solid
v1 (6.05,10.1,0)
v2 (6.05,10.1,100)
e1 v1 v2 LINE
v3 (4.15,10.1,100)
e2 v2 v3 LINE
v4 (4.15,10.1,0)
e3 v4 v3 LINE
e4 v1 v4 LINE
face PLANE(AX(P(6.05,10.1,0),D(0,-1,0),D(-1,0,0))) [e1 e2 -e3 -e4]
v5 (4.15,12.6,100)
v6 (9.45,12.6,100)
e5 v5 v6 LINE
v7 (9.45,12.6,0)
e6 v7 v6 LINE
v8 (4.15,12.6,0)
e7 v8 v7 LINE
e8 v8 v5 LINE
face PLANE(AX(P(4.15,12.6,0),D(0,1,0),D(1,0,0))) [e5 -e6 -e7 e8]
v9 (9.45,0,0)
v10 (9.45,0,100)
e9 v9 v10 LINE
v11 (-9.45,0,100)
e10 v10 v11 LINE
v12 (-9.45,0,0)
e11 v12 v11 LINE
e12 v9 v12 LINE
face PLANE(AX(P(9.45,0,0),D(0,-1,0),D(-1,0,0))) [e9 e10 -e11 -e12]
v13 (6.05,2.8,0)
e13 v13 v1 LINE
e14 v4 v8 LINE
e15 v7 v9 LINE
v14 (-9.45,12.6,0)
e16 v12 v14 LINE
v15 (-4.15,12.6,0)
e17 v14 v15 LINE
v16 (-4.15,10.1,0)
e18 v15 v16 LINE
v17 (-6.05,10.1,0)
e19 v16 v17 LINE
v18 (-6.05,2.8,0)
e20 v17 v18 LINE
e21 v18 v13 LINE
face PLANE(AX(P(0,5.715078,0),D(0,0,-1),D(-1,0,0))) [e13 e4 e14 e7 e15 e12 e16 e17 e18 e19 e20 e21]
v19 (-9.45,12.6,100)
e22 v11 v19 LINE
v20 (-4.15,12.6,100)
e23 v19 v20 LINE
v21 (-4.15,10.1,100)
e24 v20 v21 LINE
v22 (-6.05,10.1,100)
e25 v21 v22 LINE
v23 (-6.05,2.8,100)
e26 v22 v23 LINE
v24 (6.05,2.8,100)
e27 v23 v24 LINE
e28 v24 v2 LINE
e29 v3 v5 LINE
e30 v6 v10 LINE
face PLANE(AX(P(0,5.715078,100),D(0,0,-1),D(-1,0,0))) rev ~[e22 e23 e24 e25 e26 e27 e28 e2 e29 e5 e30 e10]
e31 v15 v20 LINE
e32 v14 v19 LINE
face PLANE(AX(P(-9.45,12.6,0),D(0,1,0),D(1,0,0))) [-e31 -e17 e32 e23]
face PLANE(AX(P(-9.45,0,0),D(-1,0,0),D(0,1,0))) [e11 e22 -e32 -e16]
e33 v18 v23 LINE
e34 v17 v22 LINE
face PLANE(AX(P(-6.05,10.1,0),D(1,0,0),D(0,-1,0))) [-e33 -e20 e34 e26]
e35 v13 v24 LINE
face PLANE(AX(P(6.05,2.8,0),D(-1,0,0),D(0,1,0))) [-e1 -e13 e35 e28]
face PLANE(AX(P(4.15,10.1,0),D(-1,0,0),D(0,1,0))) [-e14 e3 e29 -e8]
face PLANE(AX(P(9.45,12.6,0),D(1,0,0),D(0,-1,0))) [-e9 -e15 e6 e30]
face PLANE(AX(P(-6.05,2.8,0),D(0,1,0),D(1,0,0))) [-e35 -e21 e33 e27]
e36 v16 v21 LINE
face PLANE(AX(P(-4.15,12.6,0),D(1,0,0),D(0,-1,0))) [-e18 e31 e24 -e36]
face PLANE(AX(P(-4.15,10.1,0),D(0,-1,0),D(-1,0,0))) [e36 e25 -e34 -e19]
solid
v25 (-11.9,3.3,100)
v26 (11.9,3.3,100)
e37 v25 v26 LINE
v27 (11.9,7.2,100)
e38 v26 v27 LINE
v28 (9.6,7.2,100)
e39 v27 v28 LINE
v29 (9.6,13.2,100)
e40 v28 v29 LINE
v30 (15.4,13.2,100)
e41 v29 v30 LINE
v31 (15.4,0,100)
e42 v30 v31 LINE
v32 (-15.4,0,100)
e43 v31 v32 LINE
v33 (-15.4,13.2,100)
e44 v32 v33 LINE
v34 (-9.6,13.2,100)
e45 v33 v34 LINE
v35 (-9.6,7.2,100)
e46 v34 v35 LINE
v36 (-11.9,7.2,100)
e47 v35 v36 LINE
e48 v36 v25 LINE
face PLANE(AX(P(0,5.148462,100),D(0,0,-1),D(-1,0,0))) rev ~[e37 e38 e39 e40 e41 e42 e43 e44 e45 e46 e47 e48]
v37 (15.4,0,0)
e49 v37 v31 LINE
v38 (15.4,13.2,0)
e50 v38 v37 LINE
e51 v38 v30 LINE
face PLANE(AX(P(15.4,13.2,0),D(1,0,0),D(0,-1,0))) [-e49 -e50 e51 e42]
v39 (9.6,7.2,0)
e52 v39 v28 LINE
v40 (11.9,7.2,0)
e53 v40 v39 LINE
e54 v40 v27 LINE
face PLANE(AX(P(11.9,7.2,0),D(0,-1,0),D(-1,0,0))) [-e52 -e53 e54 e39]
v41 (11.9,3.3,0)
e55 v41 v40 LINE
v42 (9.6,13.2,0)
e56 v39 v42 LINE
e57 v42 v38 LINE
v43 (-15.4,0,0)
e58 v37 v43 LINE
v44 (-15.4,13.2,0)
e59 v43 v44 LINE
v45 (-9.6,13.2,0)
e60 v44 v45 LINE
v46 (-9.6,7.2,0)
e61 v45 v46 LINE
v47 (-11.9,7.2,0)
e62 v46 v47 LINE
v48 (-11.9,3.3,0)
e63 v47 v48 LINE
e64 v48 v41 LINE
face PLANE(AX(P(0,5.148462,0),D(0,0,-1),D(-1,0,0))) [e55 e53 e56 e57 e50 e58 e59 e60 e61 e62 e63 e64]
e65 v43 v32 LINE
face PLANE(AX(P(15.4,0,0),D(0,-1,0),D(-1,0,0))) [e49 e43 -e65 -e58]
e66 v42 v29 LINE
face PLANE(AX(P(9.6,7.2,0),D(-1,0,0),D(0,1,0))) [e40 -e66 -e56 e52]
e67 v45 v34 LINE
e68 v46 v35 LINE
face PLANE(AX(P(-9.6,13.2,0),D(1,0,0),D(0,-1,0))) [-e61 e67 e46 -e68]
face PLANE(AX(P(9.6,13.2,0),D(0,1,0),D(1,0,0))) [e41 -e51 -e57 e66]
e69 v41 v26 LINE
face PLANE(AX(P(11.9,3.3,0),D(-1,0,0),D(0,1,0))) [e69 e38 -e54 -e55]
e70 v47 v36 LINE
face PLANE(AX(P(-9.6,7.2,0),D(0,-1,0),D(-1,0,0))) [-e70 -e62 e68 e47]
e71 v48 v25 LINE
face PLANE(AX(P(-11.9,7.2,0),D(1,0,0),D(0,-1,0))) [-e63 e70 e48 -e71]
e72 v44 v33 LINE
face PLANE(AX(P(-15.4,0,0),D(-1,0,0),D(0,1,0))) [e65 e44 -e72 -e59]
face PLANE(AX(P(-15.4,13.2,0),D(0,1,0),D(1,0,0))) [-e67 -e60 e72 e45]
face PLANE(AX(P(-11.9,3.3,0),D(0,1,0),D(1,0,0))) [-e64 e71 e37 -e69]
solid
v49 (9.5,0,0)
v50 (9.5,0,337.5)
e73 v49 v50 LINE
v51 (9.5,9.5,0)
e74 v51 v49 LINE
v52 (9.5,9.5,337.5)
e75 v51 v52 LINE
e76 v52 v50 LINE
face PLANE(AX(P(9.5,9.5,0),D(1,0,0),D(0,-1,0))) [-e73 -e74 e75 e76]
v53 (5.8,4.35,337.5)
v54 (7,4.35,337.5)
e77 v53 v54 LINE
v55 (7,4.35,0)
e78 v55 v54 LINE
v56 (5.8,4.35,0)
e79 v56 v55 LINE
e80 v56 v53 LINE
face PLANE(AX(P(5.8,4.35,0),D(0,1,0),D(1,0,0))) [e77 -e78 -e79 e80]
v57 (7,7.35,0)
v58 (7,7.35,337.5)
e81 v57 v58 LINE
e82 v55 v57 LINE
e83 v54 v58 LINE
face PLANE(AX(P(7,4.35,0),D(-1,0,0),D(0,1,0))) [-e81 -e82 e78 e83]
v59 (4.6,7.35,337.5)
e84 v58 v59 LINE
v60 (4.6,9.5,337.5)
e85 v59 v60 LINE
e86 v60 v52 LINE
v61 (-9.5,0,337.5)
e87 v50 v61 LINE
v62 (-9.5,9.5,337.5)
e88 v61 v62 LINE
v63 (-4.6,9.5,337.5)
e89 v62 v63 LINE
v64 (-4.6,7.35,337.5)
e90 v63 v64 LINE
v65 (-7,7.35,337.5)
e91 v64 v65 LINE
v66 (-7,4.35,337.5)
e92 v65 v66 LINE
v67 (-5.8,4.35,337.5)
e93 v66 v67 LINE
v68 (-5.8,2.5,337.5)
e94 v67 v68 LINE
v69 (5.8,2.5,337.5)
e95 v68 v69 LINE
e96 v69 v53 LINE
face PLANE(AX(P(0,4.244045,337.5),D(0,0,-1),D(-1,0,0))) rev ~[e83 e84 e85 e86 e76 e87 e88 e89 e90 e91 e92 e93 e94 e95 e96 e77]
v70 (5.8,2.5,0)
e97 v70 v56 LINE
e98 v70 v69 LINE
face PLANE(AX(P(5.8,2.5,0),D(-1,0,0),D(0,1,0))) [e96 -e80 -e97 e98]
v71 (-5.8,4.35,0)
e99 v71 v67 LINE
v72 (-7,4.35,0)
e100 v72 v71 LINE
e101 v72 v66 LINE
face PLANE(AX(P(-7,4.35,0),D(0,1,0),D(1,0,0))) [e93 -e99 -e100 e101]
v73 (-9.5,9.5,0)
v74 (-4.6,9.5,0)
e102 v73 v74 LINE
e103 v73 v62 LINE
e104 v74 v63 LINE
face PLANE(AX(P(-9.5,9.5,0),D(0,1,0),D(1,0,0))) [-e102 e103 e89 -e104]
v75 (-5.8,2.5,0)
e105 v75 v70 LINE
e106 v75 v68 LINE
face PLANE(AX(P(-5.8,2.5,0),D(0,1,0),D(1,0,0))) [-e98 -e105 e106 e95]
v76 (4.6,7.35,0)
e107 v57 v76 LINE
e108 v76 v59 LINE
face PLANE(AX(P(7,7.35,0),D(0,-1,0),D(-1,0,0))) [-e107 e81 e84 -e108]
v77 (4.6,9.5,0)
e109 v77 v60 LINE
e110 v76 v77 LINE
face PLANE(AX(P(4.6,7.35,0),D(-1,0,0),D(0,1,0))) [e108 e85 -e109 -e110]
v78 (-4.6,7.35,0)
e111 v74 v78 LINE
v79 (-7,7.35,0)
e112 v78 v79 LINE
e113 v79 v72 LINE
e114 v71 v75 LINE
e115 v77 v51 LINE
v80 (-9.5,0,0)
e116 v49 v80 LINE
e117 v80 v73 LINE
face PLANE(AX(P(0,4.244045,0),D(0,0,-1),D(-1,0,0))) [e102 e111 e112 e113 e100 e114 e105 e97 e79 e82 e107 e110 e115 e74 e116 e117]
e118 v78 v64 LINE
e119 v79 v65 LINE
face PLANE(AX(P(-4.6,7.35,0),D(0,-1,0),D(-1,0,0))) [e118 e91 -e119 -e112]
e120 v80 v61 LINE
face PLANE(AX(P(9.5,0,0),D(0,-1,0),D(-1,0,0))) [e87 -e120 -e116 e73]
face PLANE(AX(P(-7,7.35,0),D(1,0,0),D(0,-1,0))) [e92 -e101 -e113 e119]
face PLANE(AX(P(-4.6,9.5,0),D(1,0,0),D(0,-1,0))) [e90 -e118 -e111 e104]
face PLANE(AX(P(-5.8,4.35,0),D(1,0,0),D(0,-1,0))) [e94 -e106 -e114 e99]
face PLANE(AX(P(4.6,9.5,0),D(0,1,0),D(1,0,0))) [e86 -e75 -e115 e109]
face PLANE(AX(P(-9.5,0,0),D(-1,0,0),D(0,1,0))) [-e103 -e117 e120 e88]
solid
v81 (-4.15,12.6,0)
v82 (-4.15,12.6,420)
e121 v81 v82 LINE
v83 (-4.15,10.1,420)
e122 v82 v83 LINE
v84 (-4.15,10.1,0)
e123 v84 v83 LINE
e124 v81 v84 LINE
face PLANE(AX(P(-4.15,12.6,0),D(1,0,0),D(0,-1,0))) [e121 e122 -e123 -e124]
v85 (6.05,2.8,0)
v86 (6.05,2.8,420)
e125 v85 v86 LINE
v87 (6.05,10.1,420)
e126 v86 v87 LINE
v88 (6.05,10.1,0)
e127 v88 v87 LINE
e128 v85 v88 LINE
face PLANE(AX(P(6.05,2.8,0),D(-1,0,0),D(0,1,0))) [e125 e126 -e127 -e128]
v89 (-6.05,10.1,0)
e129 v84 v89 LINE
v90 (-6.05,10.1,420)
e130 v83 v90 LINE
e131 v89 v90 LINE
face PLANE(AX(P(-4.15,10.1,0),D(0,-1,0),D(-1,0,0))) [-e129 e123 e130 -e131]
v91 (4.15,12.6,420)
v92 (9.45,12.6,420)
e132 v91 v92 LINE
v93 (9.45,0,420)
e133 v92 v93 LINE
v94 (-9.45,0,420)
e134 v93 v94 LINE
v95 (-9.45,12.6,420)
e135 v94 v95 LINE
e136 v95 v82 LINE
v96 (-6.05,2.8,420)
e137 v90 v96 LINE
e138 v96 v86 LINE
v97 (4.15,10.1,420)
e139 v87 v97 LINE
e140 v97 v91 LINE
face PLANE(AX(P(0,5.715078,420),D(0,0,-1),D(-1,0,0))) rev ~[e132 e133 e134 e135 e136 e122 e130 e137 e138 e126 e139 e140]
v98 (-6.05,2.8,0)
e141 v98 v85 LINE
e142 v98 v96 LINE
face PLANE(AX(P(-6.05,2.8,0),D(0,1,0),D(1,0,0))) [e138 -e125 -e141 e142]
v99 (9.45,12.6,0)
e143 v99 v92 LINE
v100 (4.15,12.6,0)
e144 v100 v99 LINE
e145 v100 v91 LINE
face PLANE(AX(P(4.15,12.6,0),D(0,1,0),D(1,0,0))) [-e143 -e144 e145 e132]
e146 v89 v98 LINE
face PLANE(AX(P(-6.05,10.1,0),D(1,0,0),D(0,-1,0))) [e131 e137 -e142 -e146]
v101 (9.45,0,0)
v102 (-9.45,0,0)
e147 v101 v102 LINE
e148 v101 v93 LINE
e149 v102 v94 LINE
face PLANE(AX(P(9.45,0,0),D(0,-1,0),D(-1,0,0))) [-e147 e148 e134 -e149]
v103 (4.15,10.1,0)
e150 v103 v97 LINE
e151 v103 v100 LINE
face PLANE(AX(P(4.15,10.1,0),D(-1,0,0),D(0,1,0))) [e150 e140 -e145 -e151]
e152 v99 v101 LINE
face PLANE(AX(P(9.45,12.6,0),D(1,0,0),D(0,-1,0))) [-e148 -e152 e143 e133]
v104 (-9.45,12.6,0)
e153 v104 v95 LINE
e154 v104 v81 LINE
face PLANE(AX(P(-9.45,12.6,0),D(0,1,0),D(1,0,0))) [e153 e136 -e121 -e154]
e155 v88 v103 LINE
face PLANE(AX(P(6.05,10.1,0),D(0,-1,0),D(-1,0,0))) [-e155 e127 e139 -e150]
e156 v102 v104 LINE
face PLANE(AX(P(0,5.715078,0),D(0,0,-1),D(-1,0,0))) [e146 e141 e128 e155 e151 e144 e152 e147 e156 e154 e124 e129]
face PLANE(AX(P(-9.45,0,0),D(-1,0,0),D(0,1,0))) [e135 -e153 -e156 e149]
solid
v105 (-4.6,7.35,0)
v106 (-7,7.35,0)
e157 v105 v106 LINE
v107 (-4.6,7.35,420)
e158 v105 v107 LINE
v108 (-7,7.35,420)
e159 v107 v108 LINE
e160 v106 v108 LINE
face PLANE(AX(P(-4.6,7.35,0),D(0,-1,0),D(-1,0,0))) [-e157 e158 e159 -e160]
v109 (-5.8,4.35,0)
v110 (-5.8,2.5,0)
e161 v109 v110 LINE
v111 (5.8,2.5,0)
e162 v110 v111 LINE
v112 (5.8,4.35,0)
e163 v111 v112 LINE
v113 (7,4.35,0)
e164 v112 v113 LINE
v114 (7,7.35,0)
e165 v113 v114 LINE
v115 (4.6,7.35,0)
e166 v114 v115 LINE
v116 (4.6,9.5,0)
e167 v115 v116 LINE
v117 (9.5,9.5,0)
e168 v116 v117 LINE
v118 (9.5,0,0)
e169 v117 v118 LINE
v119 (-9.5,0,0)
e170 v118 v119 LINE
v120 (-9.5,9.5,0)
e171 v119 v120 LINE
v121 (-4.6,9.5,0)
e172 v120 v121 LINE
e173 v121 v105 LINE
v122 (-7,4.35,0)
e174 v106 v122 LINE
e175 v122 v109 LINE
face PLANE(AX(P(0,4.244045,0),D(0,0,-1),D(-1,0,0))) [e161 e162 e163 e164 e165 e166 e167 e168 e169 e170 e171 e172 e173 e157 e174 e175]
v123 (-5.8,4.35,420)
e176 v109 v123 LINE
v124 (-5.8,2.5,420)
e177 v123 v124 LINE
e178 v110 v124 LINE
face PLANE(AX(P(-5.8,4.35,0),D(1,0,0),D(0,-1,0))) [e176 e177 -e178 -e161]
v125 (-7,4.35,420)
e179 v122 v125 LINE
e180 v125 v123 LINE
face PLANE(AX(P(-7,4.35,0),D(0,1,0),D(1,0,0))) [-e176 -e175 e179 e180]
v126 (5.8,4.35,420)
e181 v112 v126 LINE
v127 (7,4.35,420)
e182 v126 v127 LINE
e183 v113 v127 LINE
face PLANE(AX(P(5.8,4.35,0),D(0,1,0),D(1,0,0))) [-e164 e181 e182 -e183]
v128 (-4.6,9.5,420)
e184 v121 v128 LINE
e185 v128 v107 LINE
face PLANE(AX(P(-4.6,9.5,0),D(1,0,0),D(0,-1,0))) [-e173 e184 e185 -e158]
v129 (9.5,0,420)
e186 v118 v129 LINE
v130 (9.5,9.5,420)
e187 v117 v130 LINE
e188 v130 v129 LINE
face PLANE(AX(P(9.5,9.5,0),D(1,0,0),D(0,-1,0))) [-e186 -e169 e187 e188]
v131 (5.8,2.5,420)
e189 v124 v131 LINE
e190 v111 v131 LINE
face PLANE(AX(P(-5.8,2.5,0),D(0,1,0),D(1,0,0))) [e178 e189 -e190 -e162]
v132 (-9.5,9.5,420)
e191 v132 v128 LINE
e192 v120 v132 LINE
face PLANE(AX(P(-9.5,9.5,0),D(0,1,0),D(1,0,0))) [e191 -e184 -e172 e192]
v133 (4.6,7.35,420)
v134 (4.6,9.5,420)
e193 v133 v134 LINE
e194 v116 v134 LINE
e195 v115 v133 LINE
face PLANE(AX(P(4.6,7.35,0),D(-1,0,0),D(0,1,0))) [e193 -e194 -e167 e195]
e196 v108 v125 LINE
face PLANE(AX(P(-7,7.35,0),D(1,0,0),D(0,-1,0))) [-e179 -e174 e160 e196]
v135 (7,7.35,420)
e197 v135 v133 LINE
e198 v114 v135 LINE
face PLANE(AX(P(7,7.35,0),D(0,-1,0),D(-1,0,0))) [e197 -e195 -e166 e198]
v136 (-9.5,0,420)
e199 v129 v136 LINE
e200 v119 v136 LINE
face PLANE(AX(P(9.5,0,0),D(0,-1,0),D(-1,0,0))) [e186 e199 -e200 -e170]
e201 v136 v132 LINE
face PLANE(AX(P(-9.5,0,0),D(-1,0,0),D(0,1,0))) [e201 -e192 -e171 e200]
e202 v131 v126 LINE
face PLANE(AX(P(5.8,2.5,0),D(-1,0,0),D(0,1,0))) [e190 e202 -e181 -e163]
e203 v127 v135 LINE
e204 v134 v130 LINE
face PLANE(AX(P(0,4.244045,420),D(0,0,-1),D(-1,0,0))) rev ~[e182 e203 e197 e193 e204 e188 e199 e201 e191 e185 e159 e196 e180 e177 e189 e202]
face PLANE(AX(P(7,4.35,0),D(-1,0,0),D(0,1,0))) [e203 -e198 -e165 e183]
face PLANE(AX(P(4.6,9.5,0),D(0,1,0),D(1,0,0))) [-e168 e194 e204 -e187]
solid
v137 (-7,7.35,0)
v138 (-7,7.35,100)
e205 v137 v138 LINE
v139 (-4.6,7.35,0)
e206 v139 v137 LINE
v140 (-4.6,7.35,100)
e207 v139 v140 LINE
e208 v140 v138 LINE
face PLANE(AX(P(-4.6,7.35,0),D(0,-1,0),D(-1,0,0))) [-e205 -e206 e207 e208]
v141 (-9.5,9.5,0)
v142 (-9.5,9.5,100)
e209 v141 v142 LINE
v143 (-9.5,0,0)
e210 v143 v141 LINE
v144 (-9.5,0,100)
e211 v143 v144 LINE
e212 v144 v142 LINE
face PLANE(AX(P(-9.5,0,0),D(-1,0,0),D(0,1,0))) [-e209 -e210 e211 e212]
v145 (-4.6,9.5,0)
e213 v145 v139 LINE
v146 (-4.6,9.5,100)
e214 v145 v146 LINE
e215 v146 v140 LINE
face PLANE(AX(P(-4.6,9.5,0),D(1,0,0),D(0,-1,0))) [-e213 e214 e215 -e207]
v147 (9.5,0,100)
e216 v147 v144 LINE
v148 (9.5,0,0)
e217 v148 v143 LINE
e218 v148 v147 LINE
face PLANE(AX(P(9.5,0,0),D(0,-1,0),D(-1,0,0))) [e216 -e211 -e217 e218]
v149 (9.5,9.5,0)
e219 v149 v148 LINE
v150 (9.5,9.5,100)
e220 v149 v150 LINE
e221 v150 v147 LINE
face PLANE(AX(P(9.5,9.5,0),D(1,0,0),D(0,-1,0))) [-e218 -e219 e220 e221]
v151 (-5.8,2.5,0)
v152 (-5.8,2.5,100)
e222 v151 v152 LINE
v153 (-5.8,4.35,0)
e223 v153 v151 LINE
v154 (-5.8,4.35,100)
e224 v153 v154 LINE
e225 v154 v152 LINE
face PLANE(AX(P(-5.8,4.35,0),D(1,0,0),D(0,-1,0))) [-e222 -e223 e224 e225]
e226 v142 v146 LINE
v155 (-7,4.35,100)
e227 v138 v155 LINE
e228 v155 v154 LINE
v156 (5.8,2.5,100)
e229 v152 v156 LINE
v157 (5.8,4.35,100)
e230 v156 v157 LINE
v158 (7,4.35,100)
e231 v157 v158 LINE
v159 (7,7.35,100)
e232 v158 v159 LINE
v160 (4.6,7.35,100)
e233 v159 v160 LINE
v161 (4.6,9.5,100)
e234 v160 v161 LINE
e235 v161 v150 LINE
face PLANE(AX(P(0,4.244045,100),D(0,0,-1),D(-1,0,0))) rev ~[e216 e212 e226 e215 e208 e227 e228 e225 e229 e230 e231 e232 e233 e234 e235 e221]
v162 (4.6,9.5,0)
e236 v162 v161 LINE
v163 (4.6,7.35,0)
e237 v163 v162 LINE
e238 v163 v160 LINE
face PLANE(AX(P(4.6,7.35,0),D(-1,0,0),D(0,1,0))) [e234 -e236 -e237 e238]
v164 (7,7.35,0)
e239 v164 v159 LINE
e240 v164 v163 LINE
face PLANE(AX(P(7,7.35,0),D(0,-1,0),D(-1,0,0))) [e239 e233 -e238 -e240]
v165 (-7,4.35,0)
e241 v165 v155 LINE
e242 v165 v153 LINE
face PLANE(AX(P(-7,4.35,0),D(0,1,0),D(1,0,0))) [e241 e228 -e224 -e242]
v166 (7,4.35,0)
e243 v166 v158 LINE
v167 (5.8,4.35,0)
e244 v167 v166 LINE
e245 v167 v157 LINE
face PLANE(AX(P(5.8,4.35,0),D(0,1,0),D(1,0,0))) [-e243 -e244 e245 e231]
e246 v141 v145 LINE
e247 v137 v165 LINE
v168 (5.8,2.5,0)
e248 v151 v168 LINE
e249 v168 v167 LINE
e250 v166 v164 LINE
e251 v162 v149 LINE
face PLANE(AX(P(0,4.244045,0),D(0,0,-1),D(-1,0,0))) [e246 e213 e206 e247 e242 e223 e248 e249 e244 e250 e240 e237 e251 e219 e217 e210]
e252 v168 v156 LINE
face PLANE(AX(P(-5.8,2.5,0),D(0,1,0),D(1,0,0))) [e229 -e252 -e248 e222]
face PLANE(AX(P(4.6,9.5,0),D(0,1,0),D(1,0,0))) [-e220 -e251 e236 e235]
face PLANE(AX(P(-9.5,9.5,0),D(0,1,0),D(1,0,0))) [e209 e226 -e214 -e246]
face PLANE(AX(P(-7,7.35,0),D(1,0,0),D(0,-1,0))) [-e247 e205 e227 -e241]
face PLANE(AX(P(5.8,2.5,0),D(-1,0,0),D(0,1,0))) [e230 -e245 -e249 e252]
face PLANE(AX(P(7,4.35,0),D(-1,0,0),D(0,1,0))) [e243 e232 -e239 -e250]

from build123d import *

# Parameters (mm, degrees)
PAD_DEPTH    = 100
PAD001_DEPTH = 100
PAD002_DEPTH = 420
PAD003_DEPTH = 100
PAD004_DEPTH = 420
PAD005_DEPTH = 337.5


with BuildPart() as body:
    # Sketch → Pad (new body)
    with BuildSketch(Plane.XY):
        Polygon((-15.4, 13.2), (-9.6, 13.2), (-9.6, 7.2), (-11.9, 7.2), (-11.9, 3.3), (11.9, 3.3), (11.9, 7.2), (9.6, 7.2), (9.6, 13.2), (15.4, 13.2), (15.4, 0), (-15.4, 0), align=None)
    extrude(amount=PAD_DEPTH)


with BuildPart() as body001:
    # Sketch001 → Pad001 (new body)
    with BuildSketch(Plane.XY):
        Polygon((-9.45, 12.6), (-4.15, 12.6), (-4.15, 10.1), (-6.05, 10.1), (-6.05, 2.8), (6.05, 2.8), (6.05, 10.1), (4.15, 10.1), (4.15, 12.6), (9.45, 12.6), (9.45, 0), (-9.45, 0), align=None)
    extrude(amount=PAD001_DEPTH)


with BuildPart() as slot_19x12_6x420:
    # Sketch002 → Pad002 (new body)
    with BuildSketch(Plane.XY):
        Polygon((-9.45, 12.6), (-4.15, 12.6), (-4.15, 10.1), (-6.05, 10.1), (-6.05, 2.8), (6.05, 2.8), (6.05, 10.1), (4.15, 10.1), (4.15, 12.6), (9.45, 12.6), (9.45, 0), (-9.45, 0), align=None)
    extrude(amount=PAD002_DEPTH)


with BuildPart() as body003:
    # Sketch003 → Pad003 (new body)
    with BuildSketch(Plane.XY):
        Polygon((-9.5, 9.5), (-4.6, 9.5), (-4.6, 7.35), (-7, 7.35), (-7, 4.35), (-5.8, 4.35), (-5.8, 2.5), (5.8, 2.5), (5.8, 4.35), (7, 4.35), (7, 7.35), (4.6, 7.35), (4.6, 9.5), (9.5, 9.5), (9.5, 0), (-9.5, 0), align=None)
    extrude(amount=PAD003_DEPTH)


with BuildPart() as slim_slot_19x9_5x420:
    # Sketch004 → Pad004 (new body)
    with BuildSketch(Plane.XY):
        Polygon((-9.5, 9.5), (-4.6, 9.5), (-4.6, 7.35), (-7, 7.35), (-7, 4.35), (-5.8, 4.35), (-5.8, 2.5), (5.8, 2.5), (5.8, 4.35), (7, 4.35), (7, 7.35), (4.6, 7.35), (4.6, 9.5), (9.5, 9.5), (9.5, 0), (-9.5, 0), align=None)
    extrude(amount=PAD004_DEPTH)


with BuildPart() as slim_slot_19x9_5x337:
    # Sketch005 → Pad005 (new body)
    with BuildSketch(Plane.XY):
        Polygon((-9.5, 9.5), (-4.6, 9.5), (-4.6, 7.35), (-7, 7.35), (-7, 4.35), (-5.8, 4.35), (-5.8, 2.5), (5.8, 2.5), (5.8, 4.35), (7, 4.35), (7, 7.35), (4.6, 7.35), (4.6, 9.5), (9.5, 9.5), (9.5, 0), (-9.5, 0), align=None)
    extrude(amount=PAD005_DEPTH)


solid = Compound([body.part, body001.part, slot_19x12_6x420.part, body003.part, slim_slot_19x9_5x420.part, slim_slot_19x9_5x337.part])
